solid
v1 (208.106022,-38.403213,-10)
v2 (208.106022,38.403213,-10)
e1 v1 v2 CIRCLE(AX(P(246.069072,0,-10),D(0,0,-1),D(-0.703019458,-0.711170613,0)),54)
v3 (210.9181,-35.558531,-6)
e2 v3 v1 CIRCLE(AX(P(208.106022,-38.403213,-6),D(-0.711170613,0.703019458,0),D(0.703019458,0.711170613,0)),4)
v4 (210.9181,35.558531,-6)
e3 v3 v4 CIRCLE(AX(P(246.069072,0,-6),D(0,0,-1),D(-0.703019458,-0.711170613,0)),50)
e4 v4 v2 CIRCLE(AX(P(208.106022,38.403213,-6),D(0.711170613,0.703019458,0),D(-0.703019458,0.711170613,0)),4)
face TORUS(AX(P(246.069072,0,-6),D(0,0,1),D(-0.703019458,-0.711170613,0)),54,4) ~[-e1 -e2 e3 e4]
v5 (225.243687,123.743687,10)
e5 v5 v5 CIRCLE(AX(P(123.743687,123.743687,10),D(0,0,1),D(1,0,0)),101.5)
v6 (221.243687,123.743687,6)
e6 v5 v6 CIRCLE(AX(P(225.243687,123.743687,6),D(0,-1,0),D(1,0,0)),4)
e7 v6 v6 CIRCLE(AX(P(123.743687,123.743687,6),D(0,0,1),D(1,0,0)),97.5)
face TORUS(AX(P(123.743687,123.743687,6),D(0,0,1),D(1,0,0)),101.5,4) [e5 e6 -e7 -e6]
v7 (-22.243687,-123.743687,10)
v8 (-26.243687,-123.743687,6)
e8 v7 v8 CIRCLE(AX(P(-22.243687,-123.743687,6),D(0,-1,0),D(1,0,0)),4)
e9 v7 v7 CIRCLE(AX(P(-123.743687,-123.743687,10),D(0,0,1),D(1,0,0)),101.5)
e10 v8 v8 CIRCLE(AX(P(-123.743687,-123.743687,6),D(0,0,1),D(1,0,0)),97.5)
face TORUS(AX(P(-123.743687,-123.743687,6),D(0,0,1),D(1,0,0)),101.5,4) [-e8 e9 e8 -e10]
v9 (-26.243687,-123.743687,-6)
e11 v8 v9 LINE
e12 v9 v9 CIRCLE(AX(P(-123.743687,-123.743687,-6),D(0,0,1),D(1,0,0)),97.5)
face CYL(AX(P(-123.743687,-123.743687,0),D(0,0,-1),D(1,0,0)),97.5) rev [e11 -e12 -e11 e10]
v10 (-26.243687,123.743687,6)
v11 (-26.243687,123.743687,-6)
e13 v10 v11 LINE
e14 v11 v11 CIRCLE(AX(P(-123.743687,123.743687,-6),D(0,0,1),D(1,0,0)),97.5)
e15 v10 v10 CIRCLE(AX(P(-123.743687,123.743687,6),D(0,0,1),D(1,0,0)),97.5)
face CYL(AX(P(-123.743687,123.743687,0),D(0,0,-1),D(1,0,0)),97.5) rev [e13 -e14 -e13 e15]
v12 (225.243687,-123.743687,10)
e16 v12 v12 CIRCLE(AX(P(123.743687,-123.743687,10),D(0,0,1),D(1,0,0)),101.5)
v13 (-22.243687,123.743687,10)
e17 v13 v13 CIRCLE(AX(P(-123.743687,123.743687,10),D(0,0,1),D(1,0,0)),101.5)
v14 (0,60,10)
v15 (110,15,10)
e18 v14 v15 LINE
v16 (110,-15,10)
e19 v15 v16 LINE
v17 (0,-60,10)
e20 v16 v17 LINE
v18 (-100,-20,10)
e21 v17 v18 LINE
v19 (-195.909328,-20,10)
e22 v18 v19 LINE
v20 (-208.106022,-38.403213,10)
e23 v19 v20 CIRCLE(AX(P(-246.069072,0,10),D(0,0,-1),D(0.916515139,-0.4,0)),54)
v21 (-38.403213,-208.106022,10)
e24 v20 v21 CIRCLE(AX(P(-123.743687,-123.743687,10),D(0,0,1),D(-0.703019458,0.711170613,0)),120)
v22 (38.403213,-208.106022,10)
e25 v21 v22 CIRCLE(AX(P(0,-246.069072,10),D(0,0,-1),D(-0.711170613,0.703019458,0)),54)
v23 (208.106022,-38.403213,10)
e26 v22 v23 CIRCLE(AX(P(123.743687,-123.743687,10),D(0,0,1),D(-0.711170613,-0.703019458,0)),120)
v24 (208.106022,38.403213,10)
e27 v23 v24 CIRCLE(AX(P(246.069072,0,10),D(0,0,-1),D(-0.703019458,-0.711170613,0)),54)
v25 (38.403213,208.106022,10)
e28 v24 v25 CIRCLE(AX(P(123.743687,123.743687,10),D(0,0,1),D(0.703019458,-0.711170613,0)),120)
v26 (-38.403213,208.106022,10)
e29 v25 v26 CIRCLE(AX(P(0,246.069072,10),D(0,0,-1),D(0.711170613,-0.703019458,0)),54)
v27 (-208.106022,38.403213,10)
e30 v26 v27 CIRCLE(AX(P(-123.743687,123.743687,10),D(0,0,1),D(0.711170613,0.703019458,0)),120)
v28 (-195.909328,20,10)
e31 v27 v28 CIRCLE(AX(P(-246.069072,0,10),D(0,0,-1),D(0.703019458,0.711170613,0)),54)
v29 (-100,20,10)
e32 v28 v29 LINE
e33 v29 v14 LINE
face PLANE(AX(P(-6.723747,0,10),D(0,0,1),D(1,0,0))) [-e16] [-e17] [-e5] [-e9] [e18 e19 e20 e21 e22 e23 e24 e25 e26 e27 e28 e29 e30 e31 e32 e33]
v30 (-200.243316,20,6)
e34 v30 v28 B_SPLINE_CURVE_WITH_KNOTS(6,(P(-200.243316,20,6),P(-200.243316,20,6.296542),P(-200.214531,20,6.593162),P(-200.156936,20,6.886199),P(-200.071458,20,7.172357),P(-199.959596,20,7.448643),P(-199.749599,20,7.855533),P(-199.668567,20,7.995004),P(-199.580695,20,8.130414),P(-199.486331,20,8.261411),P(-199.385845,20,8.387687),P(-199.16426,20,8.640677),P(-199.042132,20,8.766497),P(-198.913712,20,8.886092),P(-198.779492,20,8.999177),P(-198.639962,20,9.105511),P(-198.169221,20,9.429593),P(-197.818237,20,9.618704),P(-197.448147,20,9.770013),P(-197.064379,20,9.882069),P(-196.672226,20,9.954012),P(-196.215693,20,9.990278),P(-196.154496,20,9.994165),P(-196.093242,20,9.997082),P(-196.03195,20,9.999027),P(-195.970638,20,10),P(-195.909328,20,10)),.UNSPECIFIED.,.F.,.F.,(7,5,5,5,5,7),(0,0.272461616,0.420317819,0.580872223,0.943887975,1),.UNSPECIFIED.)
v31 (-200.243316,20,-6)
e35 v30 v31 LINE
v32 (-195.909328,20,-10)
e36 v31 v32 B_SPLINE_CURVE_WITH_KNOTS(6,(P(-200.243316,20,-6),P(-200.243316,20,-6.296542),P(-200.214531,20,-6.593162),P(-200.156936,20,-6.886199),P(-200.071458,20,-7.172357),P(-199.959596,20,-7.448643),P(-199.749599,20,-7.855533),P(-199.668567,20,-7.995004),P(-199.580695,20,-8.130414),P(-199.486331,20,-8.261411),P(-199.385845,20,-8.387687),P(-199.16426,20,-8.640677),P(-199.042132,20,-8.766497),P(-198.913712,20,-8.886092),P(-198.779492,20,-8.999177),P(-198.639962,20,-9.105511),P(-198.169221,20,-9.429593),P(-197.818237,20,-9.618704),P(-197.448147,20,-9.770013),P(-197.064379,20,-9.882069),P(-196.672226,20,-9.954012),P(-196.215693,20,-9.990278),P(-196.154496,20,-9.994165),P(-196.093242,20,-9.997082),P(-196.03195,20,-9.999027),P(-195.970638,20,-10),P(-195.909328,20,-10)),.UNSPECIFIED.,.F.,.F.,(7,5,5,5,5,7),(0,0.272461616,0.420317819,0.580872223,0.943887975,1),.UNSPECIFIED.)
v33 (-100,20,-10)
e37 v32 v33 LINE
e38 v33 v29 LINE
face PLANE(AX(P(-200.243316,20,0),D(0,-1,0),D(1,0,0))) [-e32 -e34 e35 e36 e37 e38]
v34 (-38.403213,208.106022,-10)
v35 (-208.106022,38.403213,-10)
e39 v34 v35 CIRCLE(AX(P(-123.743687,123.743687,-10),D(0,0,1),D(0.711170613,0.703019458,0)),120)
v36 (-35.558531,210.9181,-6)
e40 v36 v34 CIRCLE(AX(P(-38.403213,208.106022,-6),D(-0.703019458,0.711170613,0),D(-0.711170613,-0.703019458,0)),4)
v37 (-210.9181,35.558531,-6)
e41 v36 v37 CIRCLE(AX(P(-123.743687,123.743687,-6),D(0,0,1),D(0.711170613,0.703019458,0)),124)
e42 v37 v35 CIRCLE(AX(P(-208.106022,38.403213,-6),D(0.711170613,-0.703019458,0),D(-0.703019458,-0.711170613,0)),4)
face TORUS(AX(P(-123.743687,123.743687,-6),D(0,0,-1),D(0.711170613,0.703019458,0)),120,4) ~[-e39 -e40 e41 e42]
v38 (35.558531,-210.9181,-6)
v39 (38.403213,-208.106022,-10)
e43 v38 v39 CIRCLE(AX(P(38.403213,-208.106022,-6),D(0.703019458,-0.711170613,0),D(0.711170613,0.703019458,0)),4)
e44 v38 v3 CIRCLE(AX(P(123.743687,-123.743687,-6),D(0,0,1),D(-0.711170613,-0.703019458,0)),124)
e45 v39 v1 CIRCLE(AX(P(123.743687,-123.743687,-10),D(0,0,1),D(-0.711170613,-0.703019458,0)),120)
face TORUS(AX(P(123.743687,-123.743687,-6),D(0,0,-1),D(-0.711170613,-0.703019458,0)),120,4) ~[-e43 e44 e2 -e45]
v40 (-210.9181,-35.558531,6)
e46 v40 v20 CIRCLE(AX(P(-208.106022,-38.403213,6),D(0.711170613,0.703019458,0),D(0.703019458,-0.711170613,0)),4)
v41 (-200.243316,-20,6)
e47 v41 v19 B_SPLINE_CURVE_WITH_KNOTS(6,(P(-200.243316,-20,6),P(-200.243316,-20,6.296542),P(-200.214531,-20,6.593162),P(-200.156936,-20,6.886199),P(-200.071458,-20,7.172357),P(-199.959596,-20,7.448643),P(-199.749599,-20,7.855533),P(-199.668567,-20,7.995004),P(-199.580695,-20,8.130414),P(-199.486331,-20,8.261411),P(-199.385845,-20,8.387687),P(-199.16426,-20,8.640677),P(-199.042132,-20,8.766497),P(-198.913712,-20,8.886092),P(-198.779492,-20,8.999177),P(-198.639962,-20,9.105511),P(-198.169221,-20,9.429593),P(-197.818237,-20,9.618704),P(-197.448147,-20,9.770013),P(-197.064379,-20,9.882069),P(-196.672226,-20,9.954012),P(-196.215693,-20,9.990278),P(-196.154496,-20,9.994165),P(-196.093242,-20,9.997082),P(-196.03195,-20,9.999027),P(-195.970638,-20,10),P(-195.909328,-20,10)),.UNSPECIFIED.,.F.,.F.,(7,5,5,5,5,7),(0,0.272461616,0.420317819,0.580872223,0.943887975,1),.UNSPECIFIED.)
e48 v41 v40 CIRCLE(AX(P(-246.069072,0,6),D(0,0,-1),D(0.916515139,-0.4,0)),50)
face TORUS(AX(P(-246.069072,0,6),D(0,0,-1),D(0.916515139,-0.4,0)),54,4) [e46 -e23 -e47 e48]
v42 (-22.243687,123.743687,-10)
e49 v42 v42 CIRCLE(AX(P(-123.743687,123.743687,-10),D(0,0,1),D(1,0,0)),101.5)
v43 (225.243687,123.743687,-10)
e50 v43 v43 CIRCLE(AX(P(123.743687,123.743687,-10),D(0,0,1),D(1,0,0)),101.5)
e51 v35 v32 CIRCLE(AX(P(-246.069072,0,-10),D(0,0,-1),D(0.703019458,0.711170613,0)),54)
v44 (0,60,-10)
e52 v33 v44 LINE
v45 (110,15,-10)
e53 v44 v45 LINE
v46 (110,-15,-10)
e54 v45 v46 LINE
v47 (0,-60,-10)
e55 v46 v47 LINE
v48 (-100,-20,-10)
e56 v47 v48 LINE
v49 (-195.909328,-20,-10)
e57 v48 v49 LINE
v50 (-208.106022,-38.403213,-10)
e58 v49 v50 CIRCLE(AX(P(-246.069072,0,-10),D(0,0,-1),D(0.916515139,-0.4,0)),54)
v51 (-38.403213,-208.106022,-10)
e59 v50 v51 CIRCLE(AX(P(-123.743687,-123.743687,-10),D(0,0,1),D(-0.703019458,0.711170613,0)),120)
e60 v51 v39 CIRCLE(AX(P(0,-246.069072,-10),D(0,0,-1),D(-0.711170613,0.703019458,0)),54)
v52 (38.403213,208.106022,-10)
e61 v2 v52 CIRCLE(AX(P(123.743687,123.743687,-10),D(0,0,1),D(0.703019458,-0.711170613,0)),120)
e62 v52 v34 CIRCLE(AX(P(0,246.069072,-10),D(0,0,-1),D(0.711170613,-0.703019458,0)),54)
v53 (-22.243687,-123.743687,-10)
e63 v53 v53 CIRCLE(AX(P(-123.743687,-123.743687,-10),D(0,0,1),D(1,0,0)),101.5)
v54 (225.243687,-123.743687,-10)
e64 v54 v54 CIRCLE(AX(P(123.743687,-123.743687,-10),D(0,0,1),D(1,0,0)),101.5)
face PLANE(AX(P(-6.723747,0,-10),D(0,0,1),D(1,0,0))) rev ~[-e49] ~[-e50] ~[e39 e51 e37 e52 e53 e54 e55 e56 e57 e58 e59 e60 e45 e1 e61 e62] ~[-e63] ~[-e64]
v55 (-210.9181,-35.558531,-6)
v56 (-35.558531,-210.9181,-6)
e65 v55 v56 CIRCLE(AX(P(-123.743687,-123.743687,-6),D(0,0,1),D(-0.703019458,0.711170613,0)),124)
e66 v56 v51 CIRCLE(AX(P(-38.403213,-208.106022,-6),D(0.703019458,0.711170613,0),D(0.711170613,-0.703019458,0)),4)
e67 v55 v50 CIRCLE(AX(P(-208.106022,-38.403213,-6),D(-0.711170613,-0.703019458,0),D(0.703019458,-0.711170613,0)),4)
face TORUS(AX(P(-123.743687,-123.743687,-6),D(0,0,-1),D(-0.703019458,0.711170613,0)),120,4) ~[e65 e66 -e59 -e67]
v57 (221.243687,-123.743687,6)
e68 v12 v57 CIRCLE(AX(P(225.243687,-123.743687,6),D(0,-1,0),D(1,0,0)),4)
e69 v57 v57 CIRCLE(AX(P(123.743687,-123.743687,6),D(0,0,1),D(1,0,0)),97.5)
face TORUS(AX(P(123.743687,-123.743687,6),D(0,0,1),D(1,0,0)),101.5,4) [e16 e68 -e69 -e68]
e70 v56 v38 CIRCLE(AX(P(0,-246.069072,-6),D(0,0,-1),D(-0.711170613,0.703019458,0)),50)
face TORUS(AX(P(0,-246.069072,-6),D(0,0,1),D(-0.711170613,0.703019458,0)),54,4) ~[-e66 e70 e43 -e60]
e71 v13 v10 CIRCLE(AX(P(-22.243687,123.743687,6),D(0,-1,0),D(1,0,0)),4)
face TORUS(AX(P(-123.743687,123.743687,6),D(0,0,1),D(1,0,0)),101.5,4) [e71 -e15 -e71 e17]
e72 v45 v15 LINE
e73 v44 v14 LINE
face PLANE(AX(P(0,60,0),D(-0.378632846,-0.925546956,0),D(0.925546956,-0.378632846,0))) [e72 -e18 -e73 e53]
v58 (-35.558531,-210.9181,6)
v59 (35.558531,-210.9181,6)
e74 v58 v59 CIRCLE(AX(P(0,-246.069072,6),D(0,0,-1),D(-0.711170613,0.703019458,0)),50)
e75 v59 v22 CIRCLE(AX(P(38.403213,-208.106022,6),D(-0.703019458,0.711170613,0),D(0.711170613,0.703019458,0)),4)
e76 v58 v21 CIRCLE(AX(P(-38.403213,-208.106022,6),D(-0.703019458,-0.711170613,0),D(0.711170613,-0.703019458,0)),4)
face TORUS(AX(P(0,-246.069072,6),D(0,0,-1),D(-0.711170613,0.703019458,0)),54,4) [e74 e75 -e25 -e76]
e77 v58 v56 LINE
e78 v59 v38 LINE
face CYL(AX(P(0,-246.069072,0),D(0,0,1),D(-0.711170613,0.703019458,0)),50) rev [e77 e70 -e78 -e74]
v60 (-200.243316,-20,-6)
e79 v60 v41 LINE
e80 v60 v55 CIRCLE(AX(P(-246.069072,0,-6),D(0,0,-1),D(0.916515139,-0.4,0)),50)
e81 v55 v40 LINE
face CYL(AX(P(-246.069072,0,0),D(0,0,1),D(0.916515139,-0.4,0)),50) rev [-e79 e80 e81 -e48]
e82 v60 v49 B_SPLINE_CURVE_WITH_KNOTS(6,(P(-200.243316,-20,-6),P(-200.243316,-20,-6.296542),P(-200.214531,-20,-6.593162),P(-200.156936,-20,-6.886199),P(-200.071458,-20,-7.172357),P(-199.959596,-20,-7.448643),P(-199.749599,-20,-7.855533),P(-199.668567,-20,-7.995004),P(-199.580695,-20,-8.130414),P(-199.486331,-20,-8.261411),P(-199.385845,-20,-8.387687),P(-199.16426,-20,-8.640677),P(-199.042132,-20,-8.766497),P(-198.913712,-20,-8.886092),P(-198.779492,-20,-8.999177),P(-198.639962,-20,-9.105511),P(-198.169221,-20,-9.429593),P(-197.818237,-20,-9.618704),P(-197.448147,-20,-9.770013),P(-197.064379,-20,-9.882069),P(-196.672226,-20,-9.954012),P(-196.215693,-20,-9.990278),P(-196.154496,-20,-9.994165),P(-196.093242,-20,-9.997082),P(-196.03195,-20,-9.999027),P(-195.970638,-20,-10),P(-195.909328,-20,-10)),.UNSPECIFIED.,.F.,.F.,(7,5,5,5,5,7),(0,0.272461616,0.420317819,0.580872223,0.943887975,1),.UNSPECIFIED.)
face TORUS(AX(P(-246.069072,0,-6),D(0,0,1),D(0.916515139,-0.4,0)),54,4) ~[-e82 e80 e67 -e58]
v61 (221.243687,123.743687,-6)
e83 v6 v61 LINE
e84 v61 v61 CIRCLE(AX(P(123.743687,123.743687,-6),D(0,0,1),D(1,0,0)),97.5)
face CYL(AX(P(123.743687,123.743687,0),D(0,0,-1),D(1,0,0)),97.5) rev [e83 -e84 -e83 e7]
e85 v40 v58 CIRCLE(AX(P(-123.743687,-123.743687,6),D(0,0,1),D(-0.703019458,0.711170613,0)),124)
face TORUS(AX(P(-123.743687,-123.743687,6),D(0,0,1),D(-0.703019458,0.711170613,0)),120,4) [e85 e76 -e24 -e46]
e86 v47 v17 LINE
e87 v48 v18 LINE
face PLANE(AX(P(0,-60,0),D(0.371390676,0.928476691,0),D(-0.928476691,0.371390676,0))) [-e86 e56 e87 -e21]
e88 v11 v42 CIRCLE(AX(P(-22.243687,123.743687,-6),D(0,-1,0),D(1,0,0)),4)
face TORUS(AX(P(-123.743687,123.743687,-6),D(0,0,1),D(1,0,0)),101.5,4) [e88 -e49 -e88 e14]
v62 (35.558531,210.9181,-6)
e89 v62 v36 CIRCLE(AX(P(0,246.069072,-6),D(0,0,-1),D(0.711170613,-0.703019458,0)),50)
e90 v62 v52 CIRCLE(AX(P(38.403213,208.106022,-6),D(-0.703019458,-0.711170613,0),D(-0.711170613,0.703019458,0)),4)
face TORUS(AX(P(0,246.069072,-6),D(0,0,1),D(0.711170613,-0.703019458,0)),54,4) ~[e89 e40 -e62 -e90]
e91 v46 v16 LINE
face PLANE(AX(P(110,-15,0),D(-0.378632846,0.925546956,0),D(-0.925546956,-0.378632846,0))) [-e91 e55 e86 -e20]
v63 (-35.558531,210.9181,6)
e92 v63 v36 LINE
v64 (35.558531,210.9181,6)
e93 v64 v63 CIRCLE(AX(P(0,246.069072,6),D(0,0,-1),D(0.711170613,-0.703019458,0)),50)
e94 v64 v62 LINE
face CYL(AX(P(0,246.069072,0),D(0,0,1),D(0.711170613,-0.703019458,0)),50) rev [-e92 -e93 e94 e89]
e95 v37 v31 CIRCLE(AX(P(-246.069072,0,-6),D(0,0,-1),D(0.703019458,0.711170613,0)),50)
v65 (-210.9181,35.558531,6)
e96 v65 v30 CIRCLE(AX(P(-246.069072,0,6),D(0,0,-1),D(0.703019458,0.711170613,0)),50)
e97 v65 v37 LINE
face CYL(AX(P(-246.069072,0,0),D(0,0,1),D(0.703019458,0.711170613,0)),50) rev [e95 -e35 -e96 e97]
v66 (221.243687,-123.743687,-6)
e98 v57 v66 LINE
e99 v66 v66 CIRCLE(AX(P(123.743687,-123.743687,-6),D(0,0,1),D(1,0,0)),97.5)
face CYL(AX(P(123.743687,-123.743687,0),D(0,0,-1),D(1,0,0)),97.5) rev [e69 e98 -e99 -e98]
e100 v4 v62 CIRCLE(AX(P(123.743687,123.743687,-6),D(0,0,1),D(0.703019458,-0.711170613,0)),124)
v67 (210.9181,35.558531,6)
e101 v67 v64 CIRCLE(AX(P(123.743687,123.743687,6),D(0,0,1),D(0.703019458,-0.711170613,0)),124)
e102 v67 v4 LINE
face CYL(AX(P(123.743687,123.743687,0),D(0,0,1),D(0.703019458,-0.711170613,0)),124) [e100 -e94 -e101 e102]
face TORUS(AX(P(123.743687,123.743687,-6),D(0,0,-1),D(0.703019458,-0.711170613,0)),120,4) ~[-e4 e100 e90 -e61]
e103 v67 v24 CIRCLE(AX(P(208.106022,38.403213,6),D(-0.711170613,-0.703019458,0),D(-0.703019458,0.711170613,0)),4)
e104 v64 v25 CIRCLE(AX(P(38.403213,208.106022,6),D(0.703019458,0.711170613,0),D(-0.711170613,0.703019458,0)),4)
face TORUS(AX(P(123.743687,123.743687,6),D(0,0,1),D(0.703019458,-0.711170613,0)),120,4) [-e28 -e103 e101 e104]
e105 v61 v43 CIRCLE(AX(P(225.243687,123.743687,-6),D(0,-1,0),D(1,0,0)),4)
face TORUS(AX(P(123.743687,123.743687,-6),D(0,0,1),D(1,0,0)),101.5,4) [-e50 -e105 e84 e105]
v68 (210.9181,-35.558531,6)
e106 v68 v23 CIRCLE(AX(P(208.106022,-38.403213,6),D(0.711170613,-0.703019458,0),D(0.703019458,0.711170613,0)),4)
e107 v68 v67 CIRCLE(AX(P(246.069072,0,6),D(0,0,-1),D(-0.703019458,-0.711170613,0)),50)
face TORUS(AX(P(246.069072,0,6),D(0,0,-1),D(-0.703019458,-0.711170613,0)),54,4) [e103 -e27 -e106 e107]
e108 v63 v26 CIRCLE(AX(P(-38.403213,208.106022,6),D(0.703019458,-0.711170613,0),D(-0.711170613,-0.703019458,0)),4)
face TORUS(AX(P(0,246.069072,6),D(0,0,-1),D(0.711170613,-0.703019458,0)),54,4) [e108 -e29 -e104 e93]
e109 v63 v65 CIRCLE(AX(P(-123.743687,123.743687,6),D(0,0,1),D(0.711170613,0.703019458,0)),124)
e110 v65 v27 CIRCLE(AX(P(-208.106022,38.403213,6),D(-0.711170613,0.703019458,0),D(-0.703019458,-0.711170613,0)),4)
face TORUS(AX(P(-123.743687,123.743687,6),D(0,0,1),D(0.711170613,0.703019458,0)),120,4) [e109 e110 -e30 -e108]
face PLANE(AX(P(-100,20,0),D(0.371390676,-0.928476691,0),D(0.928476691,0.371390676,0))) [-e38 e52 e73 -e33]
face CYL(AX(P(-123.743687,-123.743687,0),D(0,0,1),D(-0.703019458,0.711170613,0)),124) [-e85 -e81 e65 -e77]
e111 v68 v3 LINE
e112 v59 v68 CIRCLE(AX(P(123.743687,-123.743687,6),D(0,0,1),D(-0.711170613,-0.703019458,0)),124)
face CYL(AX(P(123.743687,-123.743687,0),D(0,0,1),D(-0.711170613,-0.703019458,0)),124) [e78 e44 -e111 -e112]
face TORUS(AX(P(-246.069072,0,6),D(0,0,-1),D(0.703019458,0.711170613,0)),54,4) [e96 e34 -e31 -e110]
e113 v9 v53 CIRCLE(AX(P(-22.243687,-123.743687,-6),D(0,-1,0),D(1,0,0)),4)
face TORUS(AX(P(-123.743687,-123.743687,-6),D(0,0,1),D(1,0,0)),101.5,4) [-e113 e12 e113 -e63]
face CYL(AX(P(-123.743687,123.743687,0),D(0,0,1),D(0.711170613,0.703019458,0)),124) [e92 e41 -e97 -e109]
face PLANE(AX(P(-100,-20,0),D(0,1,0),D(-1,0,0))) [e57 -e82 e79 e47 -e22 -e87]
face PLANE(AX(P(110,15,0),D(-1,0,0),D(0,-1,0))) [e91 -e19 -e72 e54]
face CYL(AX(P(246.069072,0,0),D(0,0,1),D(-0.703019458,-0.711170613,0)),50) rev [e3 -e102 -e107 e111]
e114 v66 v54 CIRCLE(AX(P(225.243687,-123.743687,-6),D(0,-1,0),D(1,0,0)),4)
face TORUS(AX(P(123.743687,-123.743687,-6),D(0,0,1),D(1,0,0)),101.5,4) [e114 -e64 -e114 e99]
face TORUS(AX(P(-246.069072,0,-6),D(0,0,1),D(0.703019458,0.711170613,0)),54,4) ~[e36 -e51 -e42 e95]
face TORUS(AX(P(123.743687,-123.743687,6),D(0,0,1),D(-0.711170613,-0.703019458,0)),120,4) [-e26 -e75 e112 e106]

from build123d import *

# Parameters (mm, degrees)
ESQUISSE1_R        = 97.5
BOSS_EXTRU_1_DEPTH = 10
CONG_1_R           = 4


with BuildPart() as part:
    # Esquisse1 → Boss.-Extru.1 (new, symmetric)
    with BuildSketch(Plane.XY):
        with BuildLine():
            Line((-200.243315513, 20), (-100, 20))
            Line((-100, 20), (0, 60))
            Line((0, 60), (110, 15))
            Line((110, 15), (110, 0))
            Line((110, 0), (110, -15))
            Line((110, -15), (0, -60))
            Line((0, -60), (-100, -20))
            Line((-100, -20), (-200.243315513, -20))
            ThreePointArc((-200.243315513, -20), (-204.840142521, -28.287370608), (-210.918099544, -35.558530663))
            ThreePointArc((-210.918099544, -35.558530663), (-211.424927575, -211.424927575), (-35.558530663, -210.918099544))
            ThreePointArc((-35.558530663, -210.918099544), (0, -196.069072462), (35.558530663, -210.918099544))
            ThreePointArc((35.558530663, -210.918099544), (211.424927575, -211.424927575), (210.918099544, -35.558530663))
            ThreePointArc((210.918099544, -35.558530663), (196.069072462, 0), (210.918099544, 35.558530663))
            ThreePointArc((210.918099544, 35.558530663), (211.424927575, 211.424927575), (35.558530663, 210.918099544))
            ThreePointArc((35.558530663, 210.918099544), (0, 196.069072462), (-35.558530663, 210.918099544))
            ThreePointArc((-35.558530663, 210.918099544), (-211.424927575, 211.424927575), (-210.918099544, 35.558530663))
            ThreePointArc((-210.918099544, 35.558530663), (-204.840142521, 28.287370608), (-200.243315513, 20))
        make_face()
        with Locations((123.743686708, 123.743686708)):
            Circle(ESQUISSE1_R, mode=Mode.SUBTRACT)
        with Locations((-123.743686708, 123.743686708)):
            Circle(ESQUISSE1_R, mode=Mode.SUBTRACT)
        with Locations((-123.743686708, -123.743686708)):
            Circle(ESQUISSE1_R, mode=Mode.SUBTRACT)
        with Locations((123.743686708, -123.743686708)):
            Circle(ESQUISSE1_R, mode=Mode.SUBTRACT)
    extrude(amount=BOSS_EXTRU_1_DEPTH, both=True)

    # Congé1
    cong_1_edges = [part.edges().sort_by_distance(p)[0] for p in [
        (0, 196.069072462, 10),
        (-211.424927575, 211.424927575, 10),
        (211.424927575, -211.424927575, -10),
        (0, -196.069072462, -10),
        (-211.424927575, -211.424927575, -10),
        (-204.840142521, 28.287370608, 10),
        (-204.840142521, -28.287370608, -10),
        (-204.840142521, 28.287370608, -10),
        (-211.424927575, 211.424927575, -10),
        (0, 196.069072462, -10),
        (211.424927575, 211.424927575, -10),
        (196.069072462, 0, -10),
        (196.069072462, 0, 10),
        (26.243686708, 123.743686708, -10),
        (26.243686708, 123.743686708, 10),
        (-204.840142521, -28.287370608, 10),
        (-221.243686708, -123.743686708, -10),
        (-221.243686708, -123.743686708, 10),
        (-211.424927575, -211.424927575, 10),
        (-221.243686708, 123.743686708, -10),
        (0, -196.069072462, 10),
        (-221.243686708, 123.743686708, 10),
        (211.424927575, -211.424927575, 10),
        (26.243686708, -123.743686708, -10),
        (26.243686708, -123.743686708, 10),
        (211.424927575, 211.424927575, 10),
    ]]
    fillet(cong_1_edges, radius=CONG_1_R)


solid = part.part
